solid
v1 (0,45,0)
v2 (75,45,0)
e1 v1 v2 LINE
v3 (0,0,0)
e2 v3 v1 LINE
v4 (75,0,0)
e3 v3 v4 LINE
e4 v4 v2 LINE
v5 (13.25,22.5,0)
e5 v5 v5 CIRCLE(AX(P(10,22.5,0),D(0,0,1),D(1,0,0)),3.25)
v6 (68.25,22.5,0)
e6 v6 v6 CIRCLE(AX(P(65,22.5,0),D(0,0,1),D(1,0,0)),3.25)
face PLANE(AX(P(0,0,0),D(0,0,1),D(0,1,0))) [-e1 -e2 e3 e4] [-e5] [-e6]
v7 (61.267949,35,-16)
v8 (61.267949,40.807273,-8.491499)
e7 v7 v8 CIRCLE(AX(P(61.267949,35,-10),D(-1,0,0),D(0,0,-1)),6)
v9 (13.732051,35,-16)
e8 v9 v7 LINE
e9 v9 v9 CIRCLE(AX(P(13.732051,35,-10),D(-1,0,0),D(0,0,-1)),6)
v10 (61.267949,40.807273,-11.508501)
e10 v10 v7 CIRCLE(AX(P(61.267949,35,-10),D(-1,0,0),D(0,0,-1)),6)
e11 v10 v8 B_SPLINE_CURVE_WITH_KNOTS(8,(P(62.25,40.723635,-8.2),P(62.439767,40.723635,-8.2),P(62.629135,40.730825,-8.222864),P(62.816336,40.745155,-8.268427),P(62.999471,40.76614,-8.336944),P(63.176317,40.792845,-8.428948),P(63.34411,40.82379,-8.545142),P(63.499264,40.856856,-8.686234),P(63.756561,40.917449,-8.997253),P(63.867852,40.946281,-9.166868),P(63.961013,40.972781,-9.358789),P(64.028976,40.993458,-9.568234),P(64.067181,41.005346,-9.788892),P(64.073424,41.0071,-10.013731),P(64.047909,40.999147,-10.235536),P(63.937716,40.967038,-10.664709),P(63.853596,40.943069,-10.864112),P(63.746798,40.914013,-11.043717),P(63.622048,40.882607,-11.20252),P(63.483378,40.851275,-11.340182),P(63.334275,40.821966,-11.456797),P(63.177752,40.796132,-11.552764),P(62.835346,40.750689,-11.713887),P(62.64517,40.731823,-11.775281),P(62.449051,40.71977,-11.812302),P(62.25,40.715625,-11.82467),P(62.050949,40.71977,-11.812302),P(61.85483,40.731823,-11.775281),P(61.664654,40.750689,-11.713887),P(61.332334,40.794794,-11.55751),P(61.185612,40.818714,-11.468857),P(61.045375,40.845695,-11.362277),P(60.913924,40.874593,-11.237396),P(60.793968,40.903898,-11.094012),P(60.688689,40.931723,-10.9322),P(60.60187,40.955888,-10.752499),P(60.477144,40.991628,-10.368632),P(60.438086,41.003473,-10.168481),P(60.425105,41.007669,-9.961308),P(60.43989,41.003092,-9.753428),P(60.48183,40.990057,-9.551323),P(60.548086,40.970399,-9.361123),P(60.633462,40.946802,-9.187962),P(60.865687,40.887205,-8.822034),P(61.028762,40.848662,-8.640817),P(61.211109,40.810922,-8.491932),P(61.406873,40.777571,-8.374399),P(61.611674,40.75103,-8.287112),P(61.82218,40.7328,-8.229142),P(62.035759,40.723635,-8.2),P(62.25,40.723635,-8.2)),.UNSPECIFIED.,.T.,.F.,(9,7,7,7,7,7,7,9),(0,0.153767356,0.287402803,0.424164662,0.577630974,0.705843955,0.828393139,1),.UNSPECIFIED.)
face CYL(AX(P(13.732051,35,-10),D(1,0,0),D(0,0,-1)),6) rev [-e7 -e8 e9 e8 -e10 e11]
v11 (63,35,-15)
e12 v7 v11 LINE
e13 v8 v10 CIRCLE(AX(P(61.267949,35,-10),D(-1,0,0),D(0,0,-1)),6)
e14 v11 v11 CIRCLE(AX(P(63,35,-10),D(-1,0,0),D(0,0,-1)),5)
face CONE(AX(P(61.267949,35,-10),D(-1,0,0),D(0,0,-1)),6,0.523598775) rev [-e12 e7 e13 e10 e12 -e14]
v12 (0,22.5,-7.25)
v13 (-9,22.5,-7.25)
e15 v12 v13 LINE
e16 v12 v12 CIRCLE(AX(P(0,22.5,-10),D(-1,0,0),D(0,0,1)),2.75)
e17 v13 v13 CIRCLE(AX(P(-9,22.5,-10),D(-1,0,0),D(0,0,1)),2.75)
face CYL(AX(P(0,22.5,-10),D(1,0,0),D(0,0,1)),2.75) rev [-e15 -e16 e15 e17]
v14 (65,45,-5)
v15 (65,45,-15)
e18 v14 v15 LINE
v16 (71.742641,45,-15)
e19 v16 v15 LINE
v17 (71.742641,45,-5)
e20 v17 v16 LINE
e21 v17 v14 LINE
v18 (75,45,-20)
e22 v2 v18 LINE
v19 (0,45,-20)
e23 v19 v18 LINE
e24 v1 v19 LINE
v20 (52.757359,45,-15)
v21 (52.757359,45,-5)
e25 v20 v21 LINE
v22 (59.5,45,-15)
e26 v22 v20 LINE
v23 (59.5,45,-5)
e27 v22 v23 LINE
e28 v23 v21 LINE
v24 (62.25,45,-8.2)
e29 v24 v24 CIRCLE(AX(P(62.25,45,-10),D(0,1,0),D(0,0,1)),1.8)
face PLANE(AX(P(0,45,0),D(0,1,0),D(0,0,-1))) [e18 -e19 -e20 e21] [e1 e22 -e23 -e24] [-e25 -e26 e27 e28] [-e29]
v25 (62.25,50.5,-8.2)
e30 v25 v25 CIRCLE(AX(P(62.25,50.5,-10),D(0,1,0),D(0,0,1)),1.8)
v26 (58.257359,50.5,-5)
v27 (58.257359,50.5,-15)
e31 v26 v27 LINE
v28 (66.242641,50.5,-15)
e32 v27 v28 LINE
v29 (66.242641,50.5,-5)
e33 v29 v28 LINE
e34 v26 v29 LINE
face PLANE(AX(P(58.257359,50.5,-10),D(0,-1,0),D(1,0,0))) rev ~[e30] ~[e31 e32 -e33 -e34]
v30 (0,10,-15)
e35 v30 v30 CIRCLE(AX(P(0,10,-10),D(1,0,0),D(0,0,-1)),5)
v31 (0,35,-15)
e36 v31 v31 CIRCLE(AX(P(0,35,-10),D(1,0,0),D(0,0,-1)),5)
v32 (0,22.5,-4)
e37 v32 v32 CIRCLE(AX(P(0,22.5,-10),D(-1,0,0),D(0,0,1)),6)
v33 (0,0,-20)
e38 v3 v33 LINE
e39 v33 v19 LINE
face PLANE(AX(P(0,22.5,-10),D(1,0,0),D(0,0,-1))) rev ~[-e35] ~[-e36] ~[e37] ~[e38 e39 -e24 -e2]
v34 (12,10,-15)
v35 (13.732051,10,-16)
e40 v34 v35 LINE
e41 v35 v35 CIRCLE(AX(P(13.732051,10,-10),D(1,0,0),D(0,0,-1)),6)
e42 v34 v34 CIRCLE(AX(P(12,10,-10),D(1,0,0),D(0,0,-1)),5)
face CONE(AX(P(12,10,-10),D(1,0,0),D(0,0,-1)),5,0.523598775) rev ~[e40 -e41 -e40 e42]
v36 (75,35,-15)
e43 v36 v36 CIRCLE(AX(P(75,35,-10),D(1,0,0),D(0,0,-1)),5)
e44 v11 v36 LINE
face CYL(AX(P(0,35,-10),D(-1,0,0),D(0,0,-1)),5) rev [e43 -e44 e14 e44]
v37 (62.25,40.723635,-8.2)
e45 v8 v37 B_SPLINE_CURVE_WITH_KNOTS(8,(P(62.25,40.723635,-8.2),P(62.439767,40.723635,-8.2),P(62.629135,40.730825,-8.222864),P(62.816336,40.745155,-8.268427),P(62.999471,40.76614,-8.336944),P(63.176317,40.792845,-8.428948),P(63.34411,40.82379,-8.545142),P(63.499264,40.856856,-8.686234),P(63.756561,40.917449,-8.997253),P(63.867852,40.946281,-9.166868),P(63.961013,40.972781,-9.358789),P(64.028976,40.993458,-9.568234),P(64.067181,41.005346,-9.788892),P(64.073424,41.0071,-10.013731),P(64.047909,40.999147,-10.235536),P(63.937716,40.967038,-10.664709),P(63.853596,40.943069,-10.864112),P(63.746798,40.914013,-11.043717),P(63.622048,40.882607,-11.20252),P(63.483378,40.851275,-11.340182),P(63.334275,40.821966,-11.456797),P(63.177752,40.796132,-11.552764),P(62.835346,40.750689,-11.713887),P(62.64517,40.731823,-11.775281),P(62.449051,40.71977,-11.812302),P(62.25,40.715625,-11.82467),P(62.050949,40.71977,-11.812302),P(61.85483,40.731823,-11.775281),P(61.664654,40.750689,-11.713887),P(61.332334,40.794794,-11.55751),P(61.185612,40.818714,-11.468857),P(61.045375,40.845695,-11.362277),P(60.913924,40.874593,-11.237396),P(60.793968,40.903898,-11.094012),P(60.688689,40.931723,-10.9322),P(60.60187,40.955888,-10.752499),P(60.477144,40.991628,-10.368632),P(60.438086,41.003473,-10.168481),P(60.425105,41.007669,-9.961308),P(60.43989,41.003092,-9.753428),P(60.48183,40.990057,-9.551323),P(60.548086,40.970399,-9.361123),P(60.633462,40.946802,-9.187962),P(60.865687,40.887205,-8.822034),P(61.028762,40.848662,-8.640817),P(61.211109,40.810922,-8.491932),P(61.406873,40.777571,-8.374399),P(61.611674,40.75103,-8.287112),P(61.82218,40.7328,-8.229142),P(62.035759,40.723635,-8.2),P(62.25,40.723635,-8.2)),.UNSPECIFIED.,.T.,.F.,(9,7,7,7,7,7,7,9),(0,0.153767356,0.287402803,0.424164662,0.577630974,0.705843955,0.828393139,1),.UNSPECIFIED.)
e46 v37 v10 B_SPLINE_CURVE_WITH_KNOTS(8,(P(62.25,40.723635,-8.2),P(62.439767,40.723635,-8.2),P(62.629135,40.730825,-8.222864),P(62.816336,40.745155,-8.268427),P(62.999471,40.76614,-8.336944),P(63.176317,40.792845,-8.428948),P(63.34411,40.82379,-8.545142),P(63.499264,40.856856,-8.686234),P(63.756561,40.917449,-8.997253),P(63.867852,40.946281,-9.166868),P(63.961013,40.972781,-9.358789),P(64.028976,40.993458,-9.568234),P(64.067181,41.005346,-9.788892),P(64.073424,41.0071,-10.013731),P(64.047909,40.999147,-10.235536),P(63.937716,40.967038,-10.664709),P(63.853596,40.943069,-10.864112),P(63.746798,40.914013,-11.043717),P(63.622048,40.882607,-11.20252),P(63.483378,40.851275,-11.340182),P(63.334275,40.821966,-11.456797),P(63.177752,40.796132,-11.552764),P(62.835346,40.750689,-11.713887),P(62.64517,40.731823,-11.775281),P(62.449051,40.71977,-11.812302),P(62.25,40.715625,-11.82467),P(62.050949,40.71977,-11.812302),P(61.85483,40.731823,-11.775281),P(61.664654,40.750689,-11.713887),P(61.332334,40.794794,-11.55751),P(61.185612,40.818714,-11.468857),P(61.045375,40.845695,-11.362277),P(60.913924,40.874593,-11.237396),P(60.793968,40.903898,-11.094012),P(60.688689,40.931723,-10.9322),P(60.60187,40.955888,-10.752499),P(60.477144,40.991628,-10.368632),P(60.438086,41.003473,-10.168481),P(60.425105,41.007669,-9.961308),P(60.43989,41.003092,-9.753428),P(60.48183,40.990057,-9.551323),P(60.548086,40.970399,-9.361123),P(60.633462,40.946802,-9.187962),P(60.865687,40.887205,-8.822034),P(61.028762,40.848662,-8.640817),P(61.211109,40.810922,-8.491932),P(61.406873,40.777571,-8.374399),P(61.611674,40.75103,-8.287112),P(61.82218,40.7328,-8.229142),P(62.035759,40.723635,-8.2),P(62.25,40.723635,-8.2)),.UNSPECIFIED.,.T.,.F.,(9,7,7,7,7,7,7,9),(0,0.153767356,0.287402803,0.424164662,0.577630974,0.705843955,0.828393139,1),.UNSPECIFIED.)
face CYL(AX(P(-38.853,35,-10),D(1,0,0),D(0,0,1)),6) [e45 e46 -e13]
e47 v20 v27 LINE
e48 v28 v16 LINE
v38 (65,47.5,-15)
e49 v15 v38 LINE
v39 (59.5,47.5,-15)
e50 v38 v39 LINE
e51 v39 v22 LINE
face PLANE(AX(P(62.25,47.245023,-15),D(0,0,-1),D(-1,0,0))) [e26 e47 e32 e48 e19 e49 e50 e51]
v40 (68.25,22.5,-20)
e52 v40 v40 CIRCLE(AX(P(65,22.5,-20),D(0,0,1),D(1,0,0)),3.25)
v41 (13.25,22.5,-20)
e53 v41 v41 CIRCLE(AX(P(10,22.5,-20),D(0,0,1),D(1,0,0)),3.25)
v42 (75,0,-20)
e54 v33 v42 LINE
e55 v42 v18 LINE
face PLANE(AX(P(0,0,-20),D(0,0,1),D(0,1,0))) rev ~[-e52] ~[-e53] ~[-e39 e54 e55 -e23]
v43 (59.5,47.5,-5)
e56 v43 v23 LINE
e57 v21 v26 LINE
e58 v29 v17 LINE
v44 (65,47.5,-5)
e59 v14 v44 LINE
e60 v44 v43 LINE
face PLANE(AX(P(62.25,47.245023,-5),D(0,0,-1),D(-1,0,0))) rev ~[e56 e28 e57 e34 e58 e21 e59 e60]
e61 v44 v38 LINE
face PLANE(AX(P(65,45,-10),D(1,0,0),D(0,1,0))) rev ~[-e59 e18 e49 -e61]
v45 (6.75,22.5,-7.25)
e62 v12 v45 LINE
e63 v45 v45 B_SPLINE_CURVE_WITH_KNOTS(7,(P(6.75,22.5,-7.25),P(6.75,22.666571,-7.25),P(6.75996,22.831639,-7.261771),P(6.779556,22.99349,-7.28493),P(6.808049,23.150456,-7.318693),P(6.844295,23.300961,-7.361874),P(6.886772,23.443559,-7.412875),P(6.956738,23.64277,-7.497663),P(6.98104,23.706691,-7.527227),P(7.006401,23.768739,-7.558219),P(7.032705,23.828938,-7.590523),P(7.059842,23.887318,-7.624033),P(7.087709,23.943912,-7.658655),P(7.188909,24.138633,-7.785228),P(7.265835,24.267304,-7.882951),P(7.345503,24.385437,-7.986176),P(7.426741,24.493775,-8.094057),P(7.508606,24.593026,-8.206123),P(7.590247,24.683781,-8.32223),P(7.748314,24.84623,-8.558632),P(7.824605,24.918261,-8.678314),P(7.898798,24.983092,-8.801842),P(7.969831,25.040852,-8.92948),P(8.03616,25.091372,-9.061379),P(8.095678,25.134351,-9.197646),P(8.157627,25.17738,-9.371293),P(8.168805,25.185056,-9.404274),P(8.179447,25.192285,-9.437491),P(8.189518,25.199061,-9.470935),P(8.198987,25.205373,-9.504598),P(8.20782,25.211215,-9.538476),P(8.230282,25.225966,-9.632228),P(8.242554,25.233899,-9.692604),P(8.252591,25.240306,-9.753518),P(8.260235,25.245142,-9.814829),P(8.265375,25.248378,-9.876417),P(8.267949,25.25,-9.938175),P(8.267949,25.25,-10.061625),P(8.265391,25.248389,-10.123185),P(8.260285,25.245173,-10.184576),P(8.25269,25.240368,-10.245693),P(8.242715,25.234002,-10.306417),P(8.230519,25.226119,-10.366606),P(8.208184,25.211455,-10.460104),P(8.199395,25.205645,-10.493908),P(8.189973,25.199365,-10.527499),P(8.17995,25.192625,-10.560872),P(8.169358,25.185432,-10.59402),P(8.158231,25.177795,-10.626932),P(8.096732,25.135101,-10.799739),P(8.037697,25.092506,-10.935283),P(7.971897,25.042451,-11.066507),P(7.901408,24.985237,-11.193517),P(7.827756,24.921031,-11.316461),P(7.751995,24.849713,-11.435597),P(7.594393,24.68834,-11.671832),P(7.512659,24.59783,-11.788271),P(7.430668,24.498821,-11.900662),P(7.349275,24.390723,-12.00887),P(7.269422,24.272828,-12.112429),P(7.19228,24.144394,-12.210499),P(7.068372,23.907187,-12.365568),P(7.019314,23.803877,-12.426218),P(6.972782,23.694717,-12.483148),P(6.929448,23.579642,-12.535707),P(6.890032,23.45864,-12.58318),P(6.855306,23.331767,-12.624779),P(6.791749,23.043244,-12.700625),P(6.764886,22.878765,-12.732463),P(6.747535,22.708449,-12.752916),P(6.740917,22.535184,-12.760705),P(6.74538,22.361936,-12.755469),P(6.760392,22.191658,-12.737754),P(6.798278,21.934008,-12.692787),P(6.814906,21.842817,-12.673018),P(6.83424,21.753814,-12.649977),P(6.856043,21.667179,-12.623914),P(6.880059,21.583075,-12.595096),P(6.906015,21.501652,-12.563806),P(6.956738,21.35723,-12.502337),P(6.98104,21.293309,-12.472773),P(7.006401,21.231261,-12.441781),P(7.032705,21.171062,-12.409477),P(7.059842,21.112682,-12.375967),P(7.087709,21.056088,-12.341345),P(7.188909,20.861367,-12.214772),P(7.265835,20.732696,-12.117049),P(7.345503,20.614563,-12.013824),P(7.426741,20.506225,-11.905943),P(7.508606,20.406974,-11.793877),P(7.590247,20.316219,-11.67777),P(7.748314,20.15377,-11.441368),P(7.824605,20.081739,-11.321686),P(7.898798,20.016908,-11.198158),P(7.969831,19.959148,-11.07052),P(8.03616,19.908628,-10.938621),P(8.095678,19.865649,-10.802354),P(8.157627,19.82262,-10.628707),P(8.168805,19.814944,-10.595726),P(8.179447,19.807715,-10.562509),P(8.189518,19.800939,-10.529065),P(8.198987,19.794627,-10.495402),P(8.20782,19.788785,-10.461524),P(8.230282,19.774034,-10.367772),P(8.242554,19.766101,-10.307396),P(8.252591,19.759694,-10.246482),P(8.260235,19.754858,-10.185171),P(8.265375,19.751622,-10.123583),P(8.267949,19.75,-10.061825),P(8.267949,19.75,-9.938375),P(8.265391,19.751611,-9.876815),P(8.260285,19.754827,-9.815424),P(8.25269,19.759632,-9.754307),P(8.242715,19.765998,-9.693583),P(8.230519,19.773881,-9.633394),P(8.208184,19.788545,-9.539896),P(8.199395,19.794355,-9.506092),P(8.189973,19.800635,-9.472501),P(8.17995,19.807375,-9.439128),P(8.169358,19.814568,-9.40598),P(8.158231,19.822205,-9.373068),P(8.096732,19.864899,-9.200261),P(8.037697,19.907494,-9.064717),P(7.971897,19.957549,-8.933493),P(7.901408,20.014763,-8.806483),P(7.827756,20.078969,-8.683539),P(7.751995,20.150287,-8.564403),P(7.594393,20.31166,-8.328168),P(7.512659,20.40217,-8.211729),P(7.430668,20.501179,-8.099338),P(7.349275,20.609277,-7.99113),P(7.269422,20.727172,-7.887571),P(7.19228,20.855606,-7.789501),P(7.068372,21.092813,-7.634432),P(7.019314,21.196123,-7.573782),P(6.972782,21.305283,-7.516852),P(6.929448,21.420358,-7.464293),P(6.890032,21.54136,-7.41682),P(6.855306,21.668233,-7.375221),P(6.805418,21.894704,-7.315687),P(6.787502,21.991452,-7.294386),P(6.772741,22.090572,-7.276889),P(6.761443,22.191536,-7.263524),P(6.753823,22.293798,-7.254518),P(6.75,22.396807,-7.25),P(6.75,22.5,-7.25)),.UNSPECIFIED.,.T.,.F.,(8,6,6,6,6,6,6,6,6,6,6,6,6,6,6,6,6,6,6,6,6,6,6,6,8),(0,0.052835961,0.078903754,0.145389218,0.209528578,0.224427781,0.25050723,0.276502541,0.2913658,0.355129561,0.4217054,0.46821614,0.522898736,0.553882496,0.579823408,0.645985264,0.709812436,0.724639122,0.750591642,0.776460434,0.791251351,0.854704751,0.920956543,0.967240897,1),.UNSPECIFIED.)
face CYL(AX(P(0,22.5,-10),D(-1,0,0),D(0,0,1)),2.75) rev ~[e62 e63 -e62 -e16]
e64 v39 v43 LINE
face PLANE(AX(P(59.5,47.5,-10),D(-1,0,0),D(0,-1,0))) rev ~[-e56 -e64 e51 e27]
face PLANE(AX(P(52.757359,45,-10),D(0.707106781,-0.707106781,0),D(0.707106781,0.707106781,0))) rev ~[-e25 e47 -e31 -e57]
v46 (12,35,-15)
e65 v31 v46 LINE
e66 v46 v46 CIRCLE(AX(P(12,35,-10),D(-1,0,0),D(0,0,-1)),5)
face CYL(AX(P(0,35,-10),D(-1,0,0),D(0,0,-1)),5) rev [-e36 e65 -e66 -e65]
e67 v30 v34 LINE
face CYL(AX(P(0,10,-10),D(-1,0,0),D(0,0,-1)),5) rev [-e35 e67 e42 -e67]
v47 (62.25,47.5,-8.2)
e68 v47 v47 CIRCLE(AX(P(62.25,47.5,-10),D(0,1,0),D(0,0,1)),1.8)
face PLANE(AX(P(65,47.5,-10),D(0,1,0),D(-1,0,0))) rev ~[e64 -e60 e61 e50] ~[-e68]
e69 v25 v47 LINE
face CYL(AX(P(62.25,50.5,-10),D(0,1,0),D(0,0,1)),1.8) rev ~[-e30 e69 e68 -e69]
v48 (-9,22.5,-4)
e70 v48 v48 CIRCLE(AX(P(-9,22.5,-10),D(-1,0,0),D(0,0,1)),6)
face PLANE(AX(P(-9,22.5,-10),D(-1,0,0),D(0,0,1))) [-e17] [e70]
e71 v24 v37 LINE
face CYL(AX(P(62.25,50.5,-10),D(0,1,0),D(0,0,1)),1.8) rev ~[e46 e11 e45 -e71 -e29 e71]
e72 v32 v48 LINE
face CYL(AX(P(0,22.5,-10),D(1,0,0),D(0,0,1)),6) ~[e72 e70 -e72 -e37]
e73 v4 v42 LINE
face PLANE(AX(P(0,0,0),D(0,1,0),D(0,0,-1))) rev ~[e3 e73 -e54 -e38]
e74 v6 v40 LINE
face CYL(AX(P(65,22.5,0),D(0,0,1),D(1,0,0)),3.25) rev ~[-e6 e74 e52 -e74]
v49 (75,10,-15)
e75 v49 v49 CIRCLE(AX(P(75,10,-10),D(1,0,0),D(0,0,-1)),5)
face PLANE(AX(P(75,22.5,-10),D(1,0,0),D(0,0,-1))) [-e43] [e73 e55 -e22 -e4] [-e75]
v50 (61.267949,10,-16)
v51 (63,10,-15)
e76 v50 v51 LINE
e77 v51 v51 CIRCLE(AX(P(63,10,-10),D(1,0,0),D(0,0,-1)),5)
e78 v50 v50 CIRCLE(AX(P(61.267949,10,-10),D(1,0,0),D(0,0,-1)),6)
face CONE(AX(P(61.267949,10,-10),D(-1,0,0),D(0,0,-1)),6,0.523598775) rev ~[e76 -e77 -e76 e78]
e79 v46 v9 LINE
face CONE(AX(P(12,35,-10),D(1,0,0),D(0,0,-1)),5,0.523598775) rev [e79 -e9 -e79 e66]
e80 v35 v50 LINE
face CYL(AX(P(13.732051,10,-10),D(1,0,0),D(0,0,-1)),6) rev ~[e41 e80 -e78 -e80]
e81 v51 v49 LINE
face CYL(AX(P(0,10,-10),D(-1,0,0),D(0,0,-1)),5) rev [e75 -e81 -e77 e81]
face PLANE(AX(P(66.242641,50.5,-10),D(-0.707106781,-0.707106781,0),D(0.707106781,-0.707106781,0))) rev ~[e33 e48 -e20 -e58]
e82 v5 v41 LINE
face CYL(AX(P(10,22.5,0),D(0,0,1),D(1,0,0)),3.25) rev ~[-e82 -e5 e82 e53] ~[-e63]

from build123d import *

# Parameters (mm, degrees)
SKETCH1_W               = 20
SKETCH1_H               = 45
SKETCH1_R               = 5
BOSS_EXTRUDE1_DEPTH     = 75
SKETCH2_R               = 3.25
CUT_EXTRUDE1_DEPTH      = 90.721792225
SKETCH5_R               = 6
SKETCH5_R_2             = 2.75
BOSS_EXTRUDE3_DEPTH     = 9
CUT_EXTRUDE2_REACH      = 91.722
SKETCH6_R               = 2.75
BOSS_EXTRUDE4_DEPTH     = 5
CUT_EXTRUDE3_REACH      = 94.603
CUT_EXTRUDE3_END_RADIUS = 6
SKETCH9_R               = 1.8


with BuildPart() as part:
    # Sketch1 → Boss-Extrude1 (new body)
    with BuildSketch(Plane(origin=(0, 0, 0), x_dir=(0, 0, -1), z_dir=(1, 0, 0))):
        with Locations((10, 22.5)):
            Rectangle(SKETCH1_W, SKETCH1_H)
        with Locations((10, 35)):
            Circle(SKETCH1_R, mode=Mode.SUBTRACT)
        with Locations((10, 10)):
            Circle(SKETCH1_R, mode=Mode.SUBTRACT)
    extrude(amount=BOSS_EXTRUDE1_DEPTH)

    # Sketch2 → Cut-Extrude1 (cut, through all)
    with BuildSketch(Plane.XY):
        with Locations((10, 22.5)):
            Circle(SKETCH2_R)
        with Locations((65, 22.5)):
            Circle(SKETCH2_R)
    extrude(amount=-CUT_EXTRUDE1_DEPTH, mode=Mode.SUBTRACT)

    # Sketch4 → Cut-Revolve1 (revolve, cut)
    with BuildSketch(Plane.XY.offset(-10), mode=Mode.PRIVATE) as cut_revolve1_sk:
        Polygon((12, 40), (13.732050808, 41), (61.267949192, 41), (63, 40), align=None)
    cut_revolve1 = revolve(cut_revolve1_sk.sketch.rotate(Axis((75, 35, -10), (-1, 0, 0)), 90), axis=Axis((75, 35, -10), (-1, 0, 0)), mode=Mode.SUBTRACT)

    # Mirror1: Cut-Revolve1 across plane
    add(cut_revolve1.mirror(Plane.ZX.offset(22.5)), mode=Mode.SUBTRACT)

    # Sketch5 → Boss-Extrude3 (add)
    with BuildSketch(Plane.ZY):
        with Locations((-10, 22.5)):
            Circle(SKETCH5_R)
        with Locations((-10, 22.5)):
            Circle(SKETCH5_R_2, mode=Mode.SUBTRACT)
    extrude(amount=BOSS_EXTRUDE3_DEPTH)

    # Sketch6 → Cut-Extrude2 (cut, up to next)
    with BuildSketch(Plane.ZY, mode=Mode.PRIVATE) as cut_extrude2_sk1:
        with Locations((-10, 22.5)):
            Circle(SKETCH6_R)
    cut_extrude2_tool1 = extrude(cut_extrude2_sk1.sketch, amount=-CUT_EXTRUDE2_REACH, mode=Mode.PRIVATE) & part.part
    add(cut_extrude2_tool1.solids().sort_by_distance((0, 22.5, -10))[0], mode=Mode.SUBTRACT)

    # Sketch8 → Boss-Extrude4 (add, symmetric)
    with BuildSketch(Plane.XY.offset(-10)):
        Polygon((52.757359313, 45), (58.257359313, 50.5), (66.242640687, 50.5), (71.742640687, 45), (65, 45), (65, 47.5), (59.5, 47.5), (59.5, 45), align=None)
    extrude(amount=BOSS_EXTRUDE4_DEPTH, both=True)

    # Cut-Extrude3: up to this cylinder (the profile starts outside it)
    cut_extrude3_end = Plane(origin=(62.25, 35, -10), z_dir=(1, 0, 0)) * Cylinder(CUT_EXTRUDE3_END_RADIUS, 202.206, mode=Mode.PRIVATE)
    # Sketch9 → Cut-Extrude3 (cut, up to the surface)
    with BuildSketch(Plane(origin=(0, 50.5, 0), x_dir=(1, 0, 0), z_dir=(0, 1, 0)), mode=Mode.PRIVATE) as cut_extrude3_sk1:
        with Locations(Location((62.25, 10, 0), (0, 0, 270))):
            Circle(SKETCH9_R)
    cut_extrude3_tool1 = extrude(cut_extrude3_sk1.sketch, amount=-CUT_EXTRUDE3_REACH, mode=Mode.PRIVATE) - cut_extrude3_end
    add(cut_extrude3_tool1.solids().sort_by_distance((62.25, 50.5, -10))[0], mode=Mode.SUBTRACT)


solid = part.part
